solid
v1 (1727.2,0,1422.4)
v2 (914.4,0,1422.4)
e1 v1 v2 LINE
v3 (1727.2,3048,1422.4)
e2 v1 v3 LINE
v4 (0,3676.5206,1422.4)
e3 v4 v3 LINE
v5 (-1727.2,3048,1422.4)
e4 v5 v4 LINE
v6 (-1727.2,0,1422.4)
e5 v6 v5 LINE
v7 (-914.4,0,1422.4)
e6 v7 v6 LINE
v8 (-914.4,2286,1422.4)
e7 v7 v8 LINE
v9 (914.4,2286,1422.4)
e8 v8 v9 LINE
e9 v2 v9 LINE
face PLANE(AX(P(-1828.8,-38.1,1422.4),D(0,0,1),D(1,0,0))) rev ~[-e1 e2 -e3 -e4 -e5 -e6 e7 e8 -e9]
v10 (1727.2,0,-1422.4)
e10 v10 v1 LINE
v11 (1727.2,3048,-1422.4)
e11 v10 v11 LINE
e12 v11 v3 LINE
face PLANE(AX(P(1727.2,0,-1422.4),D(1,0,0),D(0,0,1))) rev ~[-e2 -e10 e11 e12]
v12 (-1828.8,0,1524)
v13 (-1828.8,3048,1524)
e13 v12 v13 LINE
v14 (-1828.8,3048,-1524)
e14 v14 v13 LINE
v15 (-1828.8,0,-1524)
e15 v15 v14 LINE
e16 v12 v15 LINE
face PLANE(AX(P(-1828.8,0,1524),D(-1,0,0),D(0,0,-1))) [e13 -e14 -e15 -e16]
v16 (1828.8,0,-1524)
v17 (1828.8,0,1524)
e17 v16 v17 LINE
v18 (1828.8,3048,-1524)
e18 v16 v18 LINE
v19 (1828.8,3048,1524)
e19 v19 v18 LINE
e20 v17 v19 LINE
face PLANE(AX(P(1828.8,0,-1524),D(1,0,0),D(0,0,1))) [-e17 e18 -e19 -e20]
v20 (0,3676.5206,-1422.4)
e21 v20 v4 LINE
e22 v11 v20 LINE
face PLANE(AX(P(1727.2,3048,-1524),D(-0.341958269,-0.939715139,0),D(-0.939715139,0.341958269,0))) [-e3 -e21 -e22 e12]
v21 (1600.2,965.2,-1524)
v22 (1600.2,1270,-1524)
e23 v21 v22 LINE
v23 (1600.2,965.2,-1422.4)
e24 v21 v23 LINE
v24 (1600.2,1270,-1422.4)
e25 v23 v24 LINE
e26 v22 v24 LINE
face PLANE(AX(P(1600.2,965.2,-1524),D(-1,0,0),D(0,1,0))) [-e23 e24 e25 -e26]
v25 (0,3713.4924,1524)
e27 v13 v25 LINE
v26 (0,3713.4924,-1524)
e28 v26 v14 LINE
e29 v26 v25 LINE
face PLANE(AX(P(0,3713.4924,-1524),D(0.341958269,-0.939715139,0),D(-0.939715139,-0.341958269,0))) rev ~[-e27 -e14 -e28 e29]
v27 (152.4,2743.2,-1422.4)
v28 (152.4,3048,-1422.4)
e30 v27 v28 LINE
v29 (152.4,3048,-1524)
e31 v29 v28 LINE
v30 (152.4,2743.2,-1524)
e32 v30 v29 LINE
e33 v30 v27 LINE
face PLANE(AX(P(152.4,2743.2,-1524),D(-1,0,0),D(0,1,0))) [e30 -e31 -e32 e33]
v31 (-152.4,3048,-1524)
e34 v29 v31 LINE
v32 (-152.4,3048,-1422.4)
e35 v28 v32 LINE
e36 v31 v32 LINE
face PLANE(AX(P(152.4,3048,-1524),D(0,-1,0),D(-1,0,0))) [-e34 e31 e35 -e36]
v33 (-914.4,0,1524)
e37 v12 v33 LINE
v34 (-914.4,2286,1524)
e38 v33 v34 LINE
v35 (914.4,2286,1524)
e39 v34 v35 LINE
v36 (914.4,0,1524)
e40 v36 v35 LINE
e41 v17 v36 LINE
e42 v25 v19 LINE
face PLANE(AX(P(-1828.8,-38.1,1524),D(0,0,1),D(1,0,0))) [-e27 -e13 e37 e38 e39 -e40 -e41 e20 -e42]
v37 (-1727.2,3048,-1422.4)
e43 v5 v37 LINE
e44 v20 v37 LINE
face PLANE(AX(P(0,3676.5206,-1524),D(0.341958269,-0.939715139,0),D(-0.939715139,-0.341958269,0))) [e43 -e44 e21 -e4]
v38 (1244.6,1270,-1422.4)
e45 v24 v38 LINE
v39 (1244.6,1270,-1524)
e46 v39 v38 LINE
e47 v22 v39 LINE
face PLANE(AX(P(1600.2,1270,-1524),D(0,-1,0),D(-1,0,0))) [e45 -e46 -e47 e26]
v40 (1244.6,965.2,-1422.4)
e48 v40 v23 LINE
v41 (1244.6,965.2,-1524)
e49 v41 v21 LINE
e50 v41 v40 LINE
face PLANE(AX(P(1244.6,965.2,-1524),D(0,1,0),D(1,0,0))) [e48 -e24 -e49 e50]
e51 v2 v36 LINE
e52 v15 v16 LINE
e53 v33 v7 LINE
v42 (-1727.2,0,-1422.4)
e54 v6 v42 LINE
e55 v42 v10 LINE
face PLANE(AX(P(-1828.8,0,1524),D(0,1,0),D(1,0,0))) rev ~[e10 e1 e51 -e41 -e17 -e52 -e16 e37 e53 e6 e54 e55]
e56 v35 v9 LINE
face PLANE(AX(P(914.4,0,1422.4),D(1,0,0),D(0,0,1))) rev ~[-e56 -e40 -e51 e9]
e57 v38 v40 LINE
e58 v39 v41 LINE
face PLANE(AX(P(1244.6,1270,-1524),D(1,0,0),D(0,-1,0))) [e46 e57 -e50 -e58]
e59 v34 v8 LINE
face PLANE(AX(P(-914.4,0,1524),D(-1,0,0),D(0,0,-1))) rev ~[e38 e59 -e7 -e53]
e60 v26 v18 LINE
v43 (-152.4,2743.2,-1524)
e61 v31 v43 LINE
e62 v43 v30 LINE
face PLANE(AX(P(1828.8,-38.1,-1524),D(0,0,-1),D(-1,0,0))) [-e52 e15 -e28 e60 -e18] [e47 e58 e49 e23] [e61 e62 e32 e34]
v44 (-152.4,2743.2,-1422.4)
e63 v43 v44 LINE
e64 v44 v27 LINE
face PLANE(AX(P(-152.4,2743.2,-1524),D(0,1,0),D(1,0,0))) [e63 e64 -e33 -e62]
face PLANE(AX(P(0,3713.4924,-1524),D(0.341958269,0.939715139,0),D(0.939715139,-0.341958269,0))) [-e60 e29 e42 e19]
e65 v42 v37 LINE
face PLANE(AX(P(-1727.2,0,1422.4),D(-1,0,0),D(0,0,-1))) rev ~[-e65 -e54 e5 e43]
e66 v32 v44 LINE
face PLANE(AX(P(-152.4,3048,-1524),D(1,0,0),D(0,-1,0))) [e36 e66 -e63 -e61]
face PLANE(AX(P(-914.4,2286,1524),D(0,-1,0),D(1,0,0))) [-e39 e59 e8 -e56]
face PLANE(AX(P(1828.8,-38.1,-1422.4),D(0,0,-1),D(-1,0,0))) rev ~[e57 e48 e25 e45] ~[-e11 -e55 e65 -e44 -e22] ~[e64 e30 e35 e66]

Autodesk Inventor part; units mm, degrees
ref_plane "YZ Plane" through (0, 0, 0) normal (1, 0, 0) x (0, 1, 0)
ref_plane "XZ Plane" through (0, 0, 0) normal (0, 1, 0) x (-1, 0, 0)
ref_plane "XY Plane" through (0, 0, 0) normal (0, 0, 1) x (1, 0, 0)
ref_plane "Work Plane1" through (-1828.8, 0, 1524) normal (0, 1, 0) x (1, 0, 0)
sketch "Sketch13" plane through (-1828.8, 0, 1524) normal (0, 1, 0) x (1, 0, 0)
  line L0 (0, 0) -> (0, 3048) projected
  line L1 (0, 0) -> (914.4, 0)
  line L2 (3657.6, 0) -> (0, 0) projected
  line L3 (914.4, 101.6) -> (101.6, 101.6)
  line L4 (101.6, 101.6) -> (101.6, 2946.4)
  line L5 (101.6, 2946.4) -> (3556, 2946.4)
  line L6 (3556, 2946.4) -> (3556, 101.6)
  line L7 (3556, 101.6) -> (2743.2, 101.6)
  line L8 (2743.2, 101.6) -> (2743.2, 0)
  line L9 (914.4, 0) -> (914.4, 101.6)
  line L10 (3657.6, 3048) -> (3657.6, 0) projected
  line L11 (0, 3048) -> (3657.6, 3048) projected
  point P0 (1828.8, 1524)
  dimension "d25" = 101.6
  dimension "d26" = 914.4
  dimension "d27" = 101.6
  dimension "d28" = 101.6
  dimension "d29" = 101.6
extrude "Extrusion9" add sketch "Sketch13" along normal blind 3048 contours L0 L11 L10 L2 L8 L7 L6 L5 L4 L3 L9 L1
ref_plane "Work Plane3" through (-1828.8, -38.1, 1524) normal (0, 0, 1) x (1, 0, 0)
sketch "Sketch14" plane through (-1828.8, -38.1, 1524) normal (0, 0, 1) x (1, 0, 0)
  line L0 (914.4, 38.1) -> (914.4, 3086.1) projected
  line L1 (914.4, 2324.1) -> (2743.2, 2324.1)
  line L2 (2743.2, 38.1) -> (2743.2, 3086.1) projected
  line L3 (2743.2, 38.1) -> (914.4, 38.1) projected
  line L4 (914.4, 3086.1) -> (2743.2, 3086.1)
  point P0 (1828.8, 38.1)
  dimension "d32" = 2286
extrude "Extrusion10" add sketch "Sketch14" against normal blind 101.6 contours L0 L4 L2 L1
ref_plane "Work Plane4" through (-1828.8, -38.1, 1524) normal (0, 0, 1) x (1, 0, 0)
sketch "Sketch15" plane through (-1828.8, -38.1, 1524) normal (0, 0, 1) x (1, 0, 0)
  line L0 (3657.6, 3086.1) -> (0, 3086.1) projected
  line L1 (0, 3086.1) -> (1828.8, 3751.5924)
  line L2 (1828.8, 3751.5924) -> (3657.6, 3086.1)
  point P0 (1828.8, 38.1)
  dimension "d35" = 19.996
extrude "Extrusion11" add sketch "Sketch15" against normal blind 101.6
ref_plane "Work Plane2" through (1828.8, -38.1, -1524) normal (0, 0, -1) x (-1, 0, 0)
sketch "Sketch17" plane through (1828.8, -38.1, -1524) normal (0, 0, -1) x (-1, 0, 0)
  line L0 (63.5, 3086.1) -> (0, 3086.1) projected
  line L1 (1828.8, 3751.5924) -> (0, 3086.1) projected
  line L2 (0, 3086.1) -> (1828.8, 3751.5924)
  line L3 (3657.6, 0) -> (3657.6, 3086.1) projected
  line L4 (1828.8, 3751.5924) -> (3657.6, 3086.1)
  line L5 (0, 3086.1) -> (3657.6, 3086.1)
  point P0 (1828.8, 38.1)
extrude "Extrusion12" add sketch "Sketch17" against normal blind 101.6
sketch "Sketch19" plane through (1828.8, 0, -1524) normal (0, 0, -1) x (-1, 0, 0)
  line L0 (0, 3048) -> (101.6, 3048) projected
  line L1 (0, 3048) -> (101.6, 3048)
  line L2 (101.6, 3048) -> (1828.8, 3676.5206)
  line L3 (3556, 0) -> (3556, 3048) projected
  line L4 (1828.8, 3676.5206) -> (3556, 3048)
  line L5 (1828.8, 3713.4924) -> (3657.6, 3048) projected
  line L6 (3556, 3048) -> (3657.6, 3048)
  line L7 (3657.6, 3048) -> (1828.8, 3713.4924)
  line L8 (1828.8, 3713.4924) -> (0, 3048)
  point P0 (1828.8, 0)
extrude "Extrusion14" add sketch "Sketch19" against normal blind 3048
sketch "Sketch20" plane through (1828.8, 0, -1524) normal (0, 0, -1) x (-1, 0, 0)
  line L0 (228.6, 1270) -> (584.2, 1270)
  line L1 (584.2, 1270) -> (584.2, 965.2)
  line L2 (584.2, 965.2) -> (228.6, 965.2)
  line L3 (228.6, 965.2) -> (228.6, 1270)
  line L4 (0, 0) -> (0, 3048) projected
  line L5 (0, 0) -> (3657.6, 0) projected
  point P0 (1828.8, 0)
  point P1 (228.6, 1117.6)
  dimension "d44" = 228.6
  dimension "d45" = 355.6
  dimension "d46" = 304.8
  dimension "d47" = 965.2
extrude "Extrusion15" cut sketch "Sketch20" against normal blind 101.6
sketch "Sketch21" plane through (1828.8, 0, -1524) normal (0, 0, -1) x (-1, 0, 0)
  line L0 (1676.4, 3048) -> (1981.2, 3048)
  line L1 (1981.2, 3048) -> (1981.2, 2743.2)
  line L2 (1981.2, 2743.2) -> (1676.4, 2743.2)
  line L3 (1676.4, 2743.2) -> (1676.4, 3048)
  line L4 (3657.6, 3048) -> (1828.8, 3713.4924) projected
  line L5 (1828.8, 3713.4924) -> (1828.8, 2743.2) construction
  line L6 (0, 0) -> (0, 3048) projected
  line L7 (3657.6, 0) -> (3657.6, 3048) projected
  line L8 (0, 3048) -> (3657.6, 3048) construction
  point P0 (1828.8, 0)
  dimension "d50" = 304.8
  dimension "d51" = 304.8
extrude "Extrusion16" cut sketch "Sketch21" against normal blind 101.6
properties part number "HCRO Shed_v0"
